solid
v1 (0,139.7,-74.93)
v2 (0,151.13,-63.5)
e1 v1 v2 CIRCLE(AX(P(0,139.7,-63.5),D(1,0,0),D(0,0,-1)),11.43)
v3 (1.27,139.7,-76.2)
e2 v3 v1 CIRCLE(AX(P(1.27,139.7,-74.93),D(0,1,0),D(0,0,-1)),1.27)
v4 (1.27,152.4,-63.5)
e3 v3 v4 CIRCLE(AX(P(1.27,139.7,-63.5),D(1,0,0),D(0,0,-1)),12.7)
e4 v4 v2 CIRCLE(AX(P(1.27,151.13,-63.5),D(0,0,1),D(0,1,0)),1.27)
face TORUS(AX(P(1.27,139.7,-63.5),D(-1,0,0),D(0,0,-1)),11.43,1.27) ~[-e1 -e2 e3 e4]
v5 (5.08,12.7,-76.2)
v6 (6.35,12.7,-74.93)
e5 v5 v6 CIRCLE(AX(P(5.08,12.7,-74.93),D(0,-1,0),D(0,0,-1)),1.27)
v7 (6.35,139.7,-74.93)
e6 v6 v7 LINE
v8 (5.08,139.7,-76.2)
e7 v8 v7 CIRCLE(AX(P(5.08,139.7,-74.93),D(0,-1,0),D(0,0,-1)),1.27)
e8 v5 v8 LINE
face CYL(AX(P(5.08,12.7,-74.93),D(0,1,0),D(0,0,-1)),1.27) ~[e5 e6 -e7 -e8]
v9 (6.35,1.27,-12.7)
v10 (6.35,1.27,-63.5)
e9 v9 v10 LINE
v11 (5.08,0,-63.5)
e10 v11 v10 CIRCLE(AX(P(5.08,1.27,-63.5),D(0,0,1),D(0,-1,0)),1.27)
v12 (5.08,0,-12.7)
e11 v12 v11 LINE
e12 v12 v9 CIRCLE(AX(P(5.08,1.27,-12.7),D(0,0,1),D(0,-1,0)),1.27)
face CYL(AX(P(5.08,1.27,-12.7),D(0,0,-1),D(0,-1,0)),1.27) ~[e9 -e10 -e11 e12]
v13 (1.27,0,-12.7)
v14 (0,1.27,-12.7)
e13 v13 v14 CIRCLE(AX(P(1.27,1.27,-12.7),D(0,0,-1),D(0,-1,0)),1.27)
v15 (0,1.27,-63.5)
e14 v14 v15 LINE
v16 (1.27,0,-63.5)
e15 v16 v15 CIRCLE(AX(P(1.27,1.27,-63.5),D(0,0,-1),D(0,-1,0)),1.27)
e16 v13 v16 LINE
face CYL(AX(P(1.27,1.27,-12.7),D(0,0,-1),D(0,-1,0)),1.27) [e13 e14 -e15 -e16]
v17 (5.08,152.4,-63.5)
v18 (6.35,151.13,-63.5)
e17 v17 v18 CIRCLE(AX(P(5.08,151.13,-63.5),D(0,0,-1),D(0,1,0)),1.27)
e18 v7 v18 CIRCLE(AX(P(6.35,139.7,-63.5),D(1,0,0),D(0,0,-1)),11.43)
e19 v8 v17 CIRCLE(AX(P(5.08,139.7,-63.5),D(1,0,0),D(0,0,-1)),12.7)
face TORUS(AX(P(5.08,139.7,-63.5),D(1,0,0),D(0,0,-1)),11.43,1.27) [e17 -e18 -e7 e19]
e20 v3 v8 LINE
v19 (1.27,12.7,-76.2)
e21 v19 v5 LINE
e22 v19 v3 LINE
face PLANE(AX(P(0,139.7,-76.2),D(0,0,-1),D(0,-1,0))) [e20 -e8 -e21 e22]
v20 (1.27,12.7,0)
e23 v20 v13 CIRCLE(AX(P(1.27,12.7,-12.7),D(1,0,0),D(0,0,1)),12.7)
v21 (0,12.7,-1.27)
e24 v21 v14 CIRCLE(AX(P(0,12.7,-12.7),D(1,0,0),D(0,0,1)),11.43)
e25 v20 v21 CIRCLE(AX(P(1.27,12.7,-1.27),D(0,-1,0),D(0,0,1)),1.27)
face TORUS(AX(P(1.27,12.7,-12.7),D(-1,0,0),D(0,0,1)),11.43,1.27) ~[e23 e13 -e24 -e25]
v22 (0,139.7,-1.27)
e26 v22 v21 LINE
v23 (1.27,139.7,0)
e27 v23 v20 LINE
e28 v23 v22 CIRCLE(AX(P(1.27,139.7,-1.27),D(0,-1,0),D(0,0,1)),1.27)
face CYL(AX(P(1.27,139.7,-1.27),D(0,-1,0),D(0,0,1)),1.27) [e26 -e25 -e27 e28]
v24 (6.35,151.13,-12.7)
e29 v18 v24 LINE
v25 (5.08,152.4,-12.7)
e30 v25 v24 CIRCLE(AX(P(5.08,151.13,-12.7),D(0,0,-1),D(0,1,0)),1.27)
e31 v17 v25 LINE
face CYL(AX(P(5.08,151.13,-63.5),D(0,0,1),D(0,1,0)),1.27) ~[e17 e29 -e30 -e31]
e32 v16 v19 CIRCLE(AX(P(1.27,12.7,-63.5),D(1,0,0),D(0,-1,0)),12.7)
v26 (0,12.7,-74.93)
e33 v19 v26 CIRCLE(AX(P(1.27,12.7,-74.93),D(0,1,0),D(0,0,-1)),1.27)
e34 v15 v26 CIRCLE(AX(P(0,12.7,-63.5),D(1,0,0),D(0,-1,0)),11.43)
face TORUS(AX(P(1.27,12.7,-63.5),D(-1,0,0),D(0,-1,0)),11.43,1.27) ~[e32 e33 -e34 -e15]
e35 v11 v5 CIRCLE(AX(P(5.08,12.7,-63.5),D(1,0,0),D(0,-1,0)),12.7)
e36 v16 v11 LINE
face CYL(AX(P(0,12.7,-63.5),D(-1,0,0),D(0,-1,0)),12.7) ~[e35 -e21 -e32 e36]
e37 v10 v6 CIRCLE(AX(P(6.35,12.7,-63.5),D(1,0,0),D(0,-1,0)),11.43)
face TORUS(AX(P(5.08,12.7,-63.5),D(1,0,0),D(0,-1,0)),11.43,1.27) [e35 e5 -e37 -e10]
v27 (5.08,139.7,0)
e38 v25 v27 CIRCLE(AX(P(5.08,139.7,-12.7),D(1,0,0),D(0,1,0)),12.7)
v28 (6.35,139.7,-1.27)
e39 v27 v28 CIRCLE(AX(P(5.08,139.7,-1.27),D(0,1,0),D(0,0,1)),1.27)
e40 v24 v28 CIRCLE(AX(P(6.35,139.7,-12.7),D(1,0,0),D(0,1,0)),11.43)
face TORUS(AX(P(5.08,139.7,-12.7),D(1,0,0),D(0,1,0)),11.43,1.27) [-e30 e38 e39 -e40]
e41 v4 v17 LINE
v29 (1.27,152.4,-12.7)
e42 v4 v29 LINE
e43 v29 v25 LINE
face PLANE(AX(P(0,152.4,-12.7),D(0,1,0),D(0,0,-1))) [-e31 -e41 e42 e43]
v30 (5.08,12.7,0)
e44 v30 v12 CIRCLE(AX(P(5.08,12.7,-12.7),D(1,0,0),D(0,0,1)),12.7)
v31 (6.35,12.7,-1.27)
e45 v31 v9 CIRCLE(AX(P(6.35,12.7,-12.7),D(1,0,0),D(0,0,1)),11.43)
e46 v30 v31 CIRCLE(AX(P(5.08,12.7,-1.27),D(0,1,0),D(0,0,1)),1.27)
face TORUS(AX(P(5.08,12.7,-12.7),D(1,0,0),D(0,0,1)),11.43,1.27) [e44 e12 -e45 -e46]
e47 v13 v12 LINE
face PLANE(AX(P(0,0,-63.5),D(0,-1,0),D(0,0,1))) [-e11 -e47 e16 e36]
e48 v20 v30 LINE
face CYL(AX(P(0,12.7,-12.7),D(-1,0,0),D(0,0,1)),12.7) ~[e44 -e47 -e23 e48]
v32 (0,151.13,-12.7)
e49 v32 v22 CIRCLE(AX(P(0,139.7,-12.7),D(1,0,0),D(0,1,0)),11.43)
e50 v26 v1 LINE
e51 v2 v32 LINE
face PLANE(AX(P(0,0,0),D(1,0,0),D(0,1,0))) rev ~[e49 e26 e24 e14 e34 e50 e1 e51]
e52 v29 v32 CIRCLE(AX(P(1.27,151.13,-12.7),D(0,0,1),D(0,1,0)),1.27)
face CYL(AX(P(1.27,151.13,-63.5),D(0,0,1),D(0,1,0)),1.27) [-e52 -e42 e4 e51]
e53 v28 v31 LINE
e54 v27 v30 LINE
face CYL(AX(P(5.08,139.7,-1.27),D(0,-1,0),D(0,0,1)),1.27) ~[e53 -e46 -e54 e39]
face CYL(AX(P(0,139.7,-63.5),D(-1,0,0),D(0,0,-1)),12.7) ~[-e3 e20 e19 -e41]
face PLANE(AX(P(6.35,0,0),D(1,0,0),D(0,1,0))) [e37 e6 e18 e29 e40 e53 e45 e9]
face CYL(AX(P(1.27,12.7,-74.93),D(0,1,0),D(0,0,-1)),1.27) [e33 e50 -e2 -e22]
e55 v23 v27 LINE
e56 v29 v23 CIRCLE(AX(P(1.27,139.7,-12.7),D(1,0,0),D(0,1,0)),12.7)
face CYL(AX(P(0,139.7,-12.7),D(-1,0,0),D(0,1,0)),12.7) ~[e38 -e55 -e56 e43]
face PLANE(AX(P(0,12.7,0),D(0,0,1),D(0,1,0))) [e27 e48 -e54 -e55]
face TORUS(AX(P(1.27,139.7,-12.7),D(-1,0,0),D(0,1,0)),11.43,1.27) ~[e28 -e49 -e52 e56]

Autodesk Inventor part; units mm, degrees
ref_plane "YZ Plane" through (0, 0, 0) normal (1, 0, 0) x (0, 1, 0)
ref_plane "XZ Plane" through (0, 0, 0) normal (0, 1, 0) x (-1, 0, 0)
ref_plane "XY Plane" through (0, 0, 0) normal (0, 0, 1) x (1, 0, 0)
sketch "Actobotics Pattern" plane through (0, 0, 0) normal (0, 0, 1) x (1, 0, 0)
  circle A0 centre (12.1352, -23.7422) radius 1.778
  circle A1 centre (9.525, -16.8274) radius 2.032
  circle A2 centre (19.05, -16.8274) radius 6.35
  circle A3 centre (19.05, -7.0484) radius 1.778
  circle A4 centre (19.05, -26.6064) radius 1.778
  circle A5 centre (25.9648, -9.9126) radius 1.778
  circle A6 centre (31.1852, -23.7422) radius 1.778
  circle A7 centre (24.6072, -30.2753) radius 1.778
  circle A8 centre (32.5428, -30.2753) radius 1.778
  circle A9 centre (28.575, -16.8274) radius 2.032
  circle A10 centre (25.9648, -23.7422) radius 1.778
  circle A11 centre (12.1352, -9.9126) radius 1.778
  circle A12 centre (31.1852, -9.9126) radius 1.778
  circle A13 centre (24.6296, -3.3571) radius 1.778
  circle A14 centre (32.5204, -3.3571) radius 1.778
  circle A15 centre (6.9148, -23.7422) radius 1.778
  circle A16 centre (6.9148, -9.9126) radius 1.778
  circle A17 centre (13.4928, -30.2753) radius 1.778
  circle A18 centre (13.4704, -3.3571) radius 1.778
  circle A19 centre (5.5796, -3.3571) radius 1.778
  circle A20 centre (5.5572, -30.2753) radius 1.778
  point P0 (12.1352, -9.9126)
  point P1 (9.271, -16.8274)
  point P2 (25.9648, -23.7422)
  point P3 (28.829, -16.8274)
  dimension "d2" = 12.7
  dimension "d7" = 360
  dimension "d8" = 3.556
  dimension "d9" = 3.556
  dimension "d10" = 3.556
  dimension "d11" = 3.556
  dimension "d12" = 3.556
  dimension "d13" = 3.556
  dimension "d15" = 3.556
  dimension "d16" = 3.556
  dimension "d17" = 3.556
  dimension "d22" = 4.064
  dimension "d23" = 4.064
  dimension "d24" = 3.556
  dimension "d25" = 3.556
  dimension "d26" = 3.556
  dimension "d27" = 3.556
  dimension "d28" = 3.556
  dimension "d29" = 3.556
  dimension "d30" = 3.556
  dimension "d31" = 3.556
sketch "REV Hub Screw Pattern" plane through (0, 0, 0) normal (0, 0, 1) x (1, 0, 0)
  circle A0 centre (7.5, 7.5) radius 1.7
  circle A1 centre (7.5, 135.5) radius 1.7
  circle A2 centre (95.5, 135.5) radius 1.7
  circle A3 centre (95.5, 7.5) radius 1.7
  line L0 (2.9959, 0) -> (100.0041, 0)
  ellipse E0 centre (3.0041, 3.0041) end of major axis (0.877, 0.877) minor radius 3 (0, 2.9959) -> (2.9959, 0) ccw
  line L1 (0, 2.9959) -> (0, 140.0041)
  ellipse E1 centre (3.0041, 139.9959) end of major axis (0.877, 142.123) minor radius 3 (2.9959, 143) -> (0, 140.0041) ccw
  line L2 (100.0041, 143) -> (2.9959, 143)
  ellipse E2 centre (99.9959, 139.9959) end of major axis (97.8687, 137.8687) minor radius 3 (103, 140.0041) -> (100.0041, 143) ccw
  line L3 (103, 2.9959) -> (103, 140.0041)
  ellipse E3 centre (99.9959, 3.0041) end of major axis (102.123, 0.877) minor radius 3 (100.0041, 0) -> (103, 2.9959) ccw
  point P0 (0, 0)
  point P1 (0, 0)
sketch "Sketch2" plane through (0, 0, 0) normal (1, 0, 0) x (0, 1, 0)
  line L0 (12.7, 0) -> (139.7, 0)
  line L1 (152.4, -12.7) -> (152.4, -63.5)
  line L2 (139.7, -76.2) -> (12.7, -76.2)
  line L3 (0, -63.5) -> (0, -12.7)
  arc A0 (152.4, -12.7) -> (139.7, 0) centre (139.7, -12.7) ccw
  arc A1 (12.7, 0) -> (0, -12.7) centre (12.7, -12.7) ccw
  arc A2 (0, -63.5) -> (12.7, -76.2) centre (12.7, -63.5) ccw
  arc A3 (139.7, -76.2) -> (152.4, -63.5) centre (139.7, -63.5) ccw
  point P0 (0, 0)
  point P1 (152.4, -76.2)
  point P2 (152.4, 0)
  point P3 (0, -76.2)
  dimension "d34" = 152.4
  dimension "d35" = 76.2
  dimension "d36" = 12.7
extrude "Extrusion1" add sketch "Sketch2" along normal blind 6.35
fillet "Fillet1" radius 1.27 16 edges at (6.35, 3.7197, -3.7197) (6.35, 0, -38.1) (6.35, 3.7197, -72.4803) (6.35, 76.2, -76.2) (6.35, 148.6803, -72.4803) (6.35, 152.4, -38.1) (6.35, 148.6803, -3.7197) (6.35, 76.2, 0) (0, 3.7197, -3.7197) (0, 0, -38.1) (0, 3.7197, -72.4803) (0, 76.2, -76.2) (0, 148.6803, -72.4803) (0, 152.4, -38.1) (0, 148.6803, -3.7197) (0, 76.2, 0)
properties part number "Phone" material "Glass"
